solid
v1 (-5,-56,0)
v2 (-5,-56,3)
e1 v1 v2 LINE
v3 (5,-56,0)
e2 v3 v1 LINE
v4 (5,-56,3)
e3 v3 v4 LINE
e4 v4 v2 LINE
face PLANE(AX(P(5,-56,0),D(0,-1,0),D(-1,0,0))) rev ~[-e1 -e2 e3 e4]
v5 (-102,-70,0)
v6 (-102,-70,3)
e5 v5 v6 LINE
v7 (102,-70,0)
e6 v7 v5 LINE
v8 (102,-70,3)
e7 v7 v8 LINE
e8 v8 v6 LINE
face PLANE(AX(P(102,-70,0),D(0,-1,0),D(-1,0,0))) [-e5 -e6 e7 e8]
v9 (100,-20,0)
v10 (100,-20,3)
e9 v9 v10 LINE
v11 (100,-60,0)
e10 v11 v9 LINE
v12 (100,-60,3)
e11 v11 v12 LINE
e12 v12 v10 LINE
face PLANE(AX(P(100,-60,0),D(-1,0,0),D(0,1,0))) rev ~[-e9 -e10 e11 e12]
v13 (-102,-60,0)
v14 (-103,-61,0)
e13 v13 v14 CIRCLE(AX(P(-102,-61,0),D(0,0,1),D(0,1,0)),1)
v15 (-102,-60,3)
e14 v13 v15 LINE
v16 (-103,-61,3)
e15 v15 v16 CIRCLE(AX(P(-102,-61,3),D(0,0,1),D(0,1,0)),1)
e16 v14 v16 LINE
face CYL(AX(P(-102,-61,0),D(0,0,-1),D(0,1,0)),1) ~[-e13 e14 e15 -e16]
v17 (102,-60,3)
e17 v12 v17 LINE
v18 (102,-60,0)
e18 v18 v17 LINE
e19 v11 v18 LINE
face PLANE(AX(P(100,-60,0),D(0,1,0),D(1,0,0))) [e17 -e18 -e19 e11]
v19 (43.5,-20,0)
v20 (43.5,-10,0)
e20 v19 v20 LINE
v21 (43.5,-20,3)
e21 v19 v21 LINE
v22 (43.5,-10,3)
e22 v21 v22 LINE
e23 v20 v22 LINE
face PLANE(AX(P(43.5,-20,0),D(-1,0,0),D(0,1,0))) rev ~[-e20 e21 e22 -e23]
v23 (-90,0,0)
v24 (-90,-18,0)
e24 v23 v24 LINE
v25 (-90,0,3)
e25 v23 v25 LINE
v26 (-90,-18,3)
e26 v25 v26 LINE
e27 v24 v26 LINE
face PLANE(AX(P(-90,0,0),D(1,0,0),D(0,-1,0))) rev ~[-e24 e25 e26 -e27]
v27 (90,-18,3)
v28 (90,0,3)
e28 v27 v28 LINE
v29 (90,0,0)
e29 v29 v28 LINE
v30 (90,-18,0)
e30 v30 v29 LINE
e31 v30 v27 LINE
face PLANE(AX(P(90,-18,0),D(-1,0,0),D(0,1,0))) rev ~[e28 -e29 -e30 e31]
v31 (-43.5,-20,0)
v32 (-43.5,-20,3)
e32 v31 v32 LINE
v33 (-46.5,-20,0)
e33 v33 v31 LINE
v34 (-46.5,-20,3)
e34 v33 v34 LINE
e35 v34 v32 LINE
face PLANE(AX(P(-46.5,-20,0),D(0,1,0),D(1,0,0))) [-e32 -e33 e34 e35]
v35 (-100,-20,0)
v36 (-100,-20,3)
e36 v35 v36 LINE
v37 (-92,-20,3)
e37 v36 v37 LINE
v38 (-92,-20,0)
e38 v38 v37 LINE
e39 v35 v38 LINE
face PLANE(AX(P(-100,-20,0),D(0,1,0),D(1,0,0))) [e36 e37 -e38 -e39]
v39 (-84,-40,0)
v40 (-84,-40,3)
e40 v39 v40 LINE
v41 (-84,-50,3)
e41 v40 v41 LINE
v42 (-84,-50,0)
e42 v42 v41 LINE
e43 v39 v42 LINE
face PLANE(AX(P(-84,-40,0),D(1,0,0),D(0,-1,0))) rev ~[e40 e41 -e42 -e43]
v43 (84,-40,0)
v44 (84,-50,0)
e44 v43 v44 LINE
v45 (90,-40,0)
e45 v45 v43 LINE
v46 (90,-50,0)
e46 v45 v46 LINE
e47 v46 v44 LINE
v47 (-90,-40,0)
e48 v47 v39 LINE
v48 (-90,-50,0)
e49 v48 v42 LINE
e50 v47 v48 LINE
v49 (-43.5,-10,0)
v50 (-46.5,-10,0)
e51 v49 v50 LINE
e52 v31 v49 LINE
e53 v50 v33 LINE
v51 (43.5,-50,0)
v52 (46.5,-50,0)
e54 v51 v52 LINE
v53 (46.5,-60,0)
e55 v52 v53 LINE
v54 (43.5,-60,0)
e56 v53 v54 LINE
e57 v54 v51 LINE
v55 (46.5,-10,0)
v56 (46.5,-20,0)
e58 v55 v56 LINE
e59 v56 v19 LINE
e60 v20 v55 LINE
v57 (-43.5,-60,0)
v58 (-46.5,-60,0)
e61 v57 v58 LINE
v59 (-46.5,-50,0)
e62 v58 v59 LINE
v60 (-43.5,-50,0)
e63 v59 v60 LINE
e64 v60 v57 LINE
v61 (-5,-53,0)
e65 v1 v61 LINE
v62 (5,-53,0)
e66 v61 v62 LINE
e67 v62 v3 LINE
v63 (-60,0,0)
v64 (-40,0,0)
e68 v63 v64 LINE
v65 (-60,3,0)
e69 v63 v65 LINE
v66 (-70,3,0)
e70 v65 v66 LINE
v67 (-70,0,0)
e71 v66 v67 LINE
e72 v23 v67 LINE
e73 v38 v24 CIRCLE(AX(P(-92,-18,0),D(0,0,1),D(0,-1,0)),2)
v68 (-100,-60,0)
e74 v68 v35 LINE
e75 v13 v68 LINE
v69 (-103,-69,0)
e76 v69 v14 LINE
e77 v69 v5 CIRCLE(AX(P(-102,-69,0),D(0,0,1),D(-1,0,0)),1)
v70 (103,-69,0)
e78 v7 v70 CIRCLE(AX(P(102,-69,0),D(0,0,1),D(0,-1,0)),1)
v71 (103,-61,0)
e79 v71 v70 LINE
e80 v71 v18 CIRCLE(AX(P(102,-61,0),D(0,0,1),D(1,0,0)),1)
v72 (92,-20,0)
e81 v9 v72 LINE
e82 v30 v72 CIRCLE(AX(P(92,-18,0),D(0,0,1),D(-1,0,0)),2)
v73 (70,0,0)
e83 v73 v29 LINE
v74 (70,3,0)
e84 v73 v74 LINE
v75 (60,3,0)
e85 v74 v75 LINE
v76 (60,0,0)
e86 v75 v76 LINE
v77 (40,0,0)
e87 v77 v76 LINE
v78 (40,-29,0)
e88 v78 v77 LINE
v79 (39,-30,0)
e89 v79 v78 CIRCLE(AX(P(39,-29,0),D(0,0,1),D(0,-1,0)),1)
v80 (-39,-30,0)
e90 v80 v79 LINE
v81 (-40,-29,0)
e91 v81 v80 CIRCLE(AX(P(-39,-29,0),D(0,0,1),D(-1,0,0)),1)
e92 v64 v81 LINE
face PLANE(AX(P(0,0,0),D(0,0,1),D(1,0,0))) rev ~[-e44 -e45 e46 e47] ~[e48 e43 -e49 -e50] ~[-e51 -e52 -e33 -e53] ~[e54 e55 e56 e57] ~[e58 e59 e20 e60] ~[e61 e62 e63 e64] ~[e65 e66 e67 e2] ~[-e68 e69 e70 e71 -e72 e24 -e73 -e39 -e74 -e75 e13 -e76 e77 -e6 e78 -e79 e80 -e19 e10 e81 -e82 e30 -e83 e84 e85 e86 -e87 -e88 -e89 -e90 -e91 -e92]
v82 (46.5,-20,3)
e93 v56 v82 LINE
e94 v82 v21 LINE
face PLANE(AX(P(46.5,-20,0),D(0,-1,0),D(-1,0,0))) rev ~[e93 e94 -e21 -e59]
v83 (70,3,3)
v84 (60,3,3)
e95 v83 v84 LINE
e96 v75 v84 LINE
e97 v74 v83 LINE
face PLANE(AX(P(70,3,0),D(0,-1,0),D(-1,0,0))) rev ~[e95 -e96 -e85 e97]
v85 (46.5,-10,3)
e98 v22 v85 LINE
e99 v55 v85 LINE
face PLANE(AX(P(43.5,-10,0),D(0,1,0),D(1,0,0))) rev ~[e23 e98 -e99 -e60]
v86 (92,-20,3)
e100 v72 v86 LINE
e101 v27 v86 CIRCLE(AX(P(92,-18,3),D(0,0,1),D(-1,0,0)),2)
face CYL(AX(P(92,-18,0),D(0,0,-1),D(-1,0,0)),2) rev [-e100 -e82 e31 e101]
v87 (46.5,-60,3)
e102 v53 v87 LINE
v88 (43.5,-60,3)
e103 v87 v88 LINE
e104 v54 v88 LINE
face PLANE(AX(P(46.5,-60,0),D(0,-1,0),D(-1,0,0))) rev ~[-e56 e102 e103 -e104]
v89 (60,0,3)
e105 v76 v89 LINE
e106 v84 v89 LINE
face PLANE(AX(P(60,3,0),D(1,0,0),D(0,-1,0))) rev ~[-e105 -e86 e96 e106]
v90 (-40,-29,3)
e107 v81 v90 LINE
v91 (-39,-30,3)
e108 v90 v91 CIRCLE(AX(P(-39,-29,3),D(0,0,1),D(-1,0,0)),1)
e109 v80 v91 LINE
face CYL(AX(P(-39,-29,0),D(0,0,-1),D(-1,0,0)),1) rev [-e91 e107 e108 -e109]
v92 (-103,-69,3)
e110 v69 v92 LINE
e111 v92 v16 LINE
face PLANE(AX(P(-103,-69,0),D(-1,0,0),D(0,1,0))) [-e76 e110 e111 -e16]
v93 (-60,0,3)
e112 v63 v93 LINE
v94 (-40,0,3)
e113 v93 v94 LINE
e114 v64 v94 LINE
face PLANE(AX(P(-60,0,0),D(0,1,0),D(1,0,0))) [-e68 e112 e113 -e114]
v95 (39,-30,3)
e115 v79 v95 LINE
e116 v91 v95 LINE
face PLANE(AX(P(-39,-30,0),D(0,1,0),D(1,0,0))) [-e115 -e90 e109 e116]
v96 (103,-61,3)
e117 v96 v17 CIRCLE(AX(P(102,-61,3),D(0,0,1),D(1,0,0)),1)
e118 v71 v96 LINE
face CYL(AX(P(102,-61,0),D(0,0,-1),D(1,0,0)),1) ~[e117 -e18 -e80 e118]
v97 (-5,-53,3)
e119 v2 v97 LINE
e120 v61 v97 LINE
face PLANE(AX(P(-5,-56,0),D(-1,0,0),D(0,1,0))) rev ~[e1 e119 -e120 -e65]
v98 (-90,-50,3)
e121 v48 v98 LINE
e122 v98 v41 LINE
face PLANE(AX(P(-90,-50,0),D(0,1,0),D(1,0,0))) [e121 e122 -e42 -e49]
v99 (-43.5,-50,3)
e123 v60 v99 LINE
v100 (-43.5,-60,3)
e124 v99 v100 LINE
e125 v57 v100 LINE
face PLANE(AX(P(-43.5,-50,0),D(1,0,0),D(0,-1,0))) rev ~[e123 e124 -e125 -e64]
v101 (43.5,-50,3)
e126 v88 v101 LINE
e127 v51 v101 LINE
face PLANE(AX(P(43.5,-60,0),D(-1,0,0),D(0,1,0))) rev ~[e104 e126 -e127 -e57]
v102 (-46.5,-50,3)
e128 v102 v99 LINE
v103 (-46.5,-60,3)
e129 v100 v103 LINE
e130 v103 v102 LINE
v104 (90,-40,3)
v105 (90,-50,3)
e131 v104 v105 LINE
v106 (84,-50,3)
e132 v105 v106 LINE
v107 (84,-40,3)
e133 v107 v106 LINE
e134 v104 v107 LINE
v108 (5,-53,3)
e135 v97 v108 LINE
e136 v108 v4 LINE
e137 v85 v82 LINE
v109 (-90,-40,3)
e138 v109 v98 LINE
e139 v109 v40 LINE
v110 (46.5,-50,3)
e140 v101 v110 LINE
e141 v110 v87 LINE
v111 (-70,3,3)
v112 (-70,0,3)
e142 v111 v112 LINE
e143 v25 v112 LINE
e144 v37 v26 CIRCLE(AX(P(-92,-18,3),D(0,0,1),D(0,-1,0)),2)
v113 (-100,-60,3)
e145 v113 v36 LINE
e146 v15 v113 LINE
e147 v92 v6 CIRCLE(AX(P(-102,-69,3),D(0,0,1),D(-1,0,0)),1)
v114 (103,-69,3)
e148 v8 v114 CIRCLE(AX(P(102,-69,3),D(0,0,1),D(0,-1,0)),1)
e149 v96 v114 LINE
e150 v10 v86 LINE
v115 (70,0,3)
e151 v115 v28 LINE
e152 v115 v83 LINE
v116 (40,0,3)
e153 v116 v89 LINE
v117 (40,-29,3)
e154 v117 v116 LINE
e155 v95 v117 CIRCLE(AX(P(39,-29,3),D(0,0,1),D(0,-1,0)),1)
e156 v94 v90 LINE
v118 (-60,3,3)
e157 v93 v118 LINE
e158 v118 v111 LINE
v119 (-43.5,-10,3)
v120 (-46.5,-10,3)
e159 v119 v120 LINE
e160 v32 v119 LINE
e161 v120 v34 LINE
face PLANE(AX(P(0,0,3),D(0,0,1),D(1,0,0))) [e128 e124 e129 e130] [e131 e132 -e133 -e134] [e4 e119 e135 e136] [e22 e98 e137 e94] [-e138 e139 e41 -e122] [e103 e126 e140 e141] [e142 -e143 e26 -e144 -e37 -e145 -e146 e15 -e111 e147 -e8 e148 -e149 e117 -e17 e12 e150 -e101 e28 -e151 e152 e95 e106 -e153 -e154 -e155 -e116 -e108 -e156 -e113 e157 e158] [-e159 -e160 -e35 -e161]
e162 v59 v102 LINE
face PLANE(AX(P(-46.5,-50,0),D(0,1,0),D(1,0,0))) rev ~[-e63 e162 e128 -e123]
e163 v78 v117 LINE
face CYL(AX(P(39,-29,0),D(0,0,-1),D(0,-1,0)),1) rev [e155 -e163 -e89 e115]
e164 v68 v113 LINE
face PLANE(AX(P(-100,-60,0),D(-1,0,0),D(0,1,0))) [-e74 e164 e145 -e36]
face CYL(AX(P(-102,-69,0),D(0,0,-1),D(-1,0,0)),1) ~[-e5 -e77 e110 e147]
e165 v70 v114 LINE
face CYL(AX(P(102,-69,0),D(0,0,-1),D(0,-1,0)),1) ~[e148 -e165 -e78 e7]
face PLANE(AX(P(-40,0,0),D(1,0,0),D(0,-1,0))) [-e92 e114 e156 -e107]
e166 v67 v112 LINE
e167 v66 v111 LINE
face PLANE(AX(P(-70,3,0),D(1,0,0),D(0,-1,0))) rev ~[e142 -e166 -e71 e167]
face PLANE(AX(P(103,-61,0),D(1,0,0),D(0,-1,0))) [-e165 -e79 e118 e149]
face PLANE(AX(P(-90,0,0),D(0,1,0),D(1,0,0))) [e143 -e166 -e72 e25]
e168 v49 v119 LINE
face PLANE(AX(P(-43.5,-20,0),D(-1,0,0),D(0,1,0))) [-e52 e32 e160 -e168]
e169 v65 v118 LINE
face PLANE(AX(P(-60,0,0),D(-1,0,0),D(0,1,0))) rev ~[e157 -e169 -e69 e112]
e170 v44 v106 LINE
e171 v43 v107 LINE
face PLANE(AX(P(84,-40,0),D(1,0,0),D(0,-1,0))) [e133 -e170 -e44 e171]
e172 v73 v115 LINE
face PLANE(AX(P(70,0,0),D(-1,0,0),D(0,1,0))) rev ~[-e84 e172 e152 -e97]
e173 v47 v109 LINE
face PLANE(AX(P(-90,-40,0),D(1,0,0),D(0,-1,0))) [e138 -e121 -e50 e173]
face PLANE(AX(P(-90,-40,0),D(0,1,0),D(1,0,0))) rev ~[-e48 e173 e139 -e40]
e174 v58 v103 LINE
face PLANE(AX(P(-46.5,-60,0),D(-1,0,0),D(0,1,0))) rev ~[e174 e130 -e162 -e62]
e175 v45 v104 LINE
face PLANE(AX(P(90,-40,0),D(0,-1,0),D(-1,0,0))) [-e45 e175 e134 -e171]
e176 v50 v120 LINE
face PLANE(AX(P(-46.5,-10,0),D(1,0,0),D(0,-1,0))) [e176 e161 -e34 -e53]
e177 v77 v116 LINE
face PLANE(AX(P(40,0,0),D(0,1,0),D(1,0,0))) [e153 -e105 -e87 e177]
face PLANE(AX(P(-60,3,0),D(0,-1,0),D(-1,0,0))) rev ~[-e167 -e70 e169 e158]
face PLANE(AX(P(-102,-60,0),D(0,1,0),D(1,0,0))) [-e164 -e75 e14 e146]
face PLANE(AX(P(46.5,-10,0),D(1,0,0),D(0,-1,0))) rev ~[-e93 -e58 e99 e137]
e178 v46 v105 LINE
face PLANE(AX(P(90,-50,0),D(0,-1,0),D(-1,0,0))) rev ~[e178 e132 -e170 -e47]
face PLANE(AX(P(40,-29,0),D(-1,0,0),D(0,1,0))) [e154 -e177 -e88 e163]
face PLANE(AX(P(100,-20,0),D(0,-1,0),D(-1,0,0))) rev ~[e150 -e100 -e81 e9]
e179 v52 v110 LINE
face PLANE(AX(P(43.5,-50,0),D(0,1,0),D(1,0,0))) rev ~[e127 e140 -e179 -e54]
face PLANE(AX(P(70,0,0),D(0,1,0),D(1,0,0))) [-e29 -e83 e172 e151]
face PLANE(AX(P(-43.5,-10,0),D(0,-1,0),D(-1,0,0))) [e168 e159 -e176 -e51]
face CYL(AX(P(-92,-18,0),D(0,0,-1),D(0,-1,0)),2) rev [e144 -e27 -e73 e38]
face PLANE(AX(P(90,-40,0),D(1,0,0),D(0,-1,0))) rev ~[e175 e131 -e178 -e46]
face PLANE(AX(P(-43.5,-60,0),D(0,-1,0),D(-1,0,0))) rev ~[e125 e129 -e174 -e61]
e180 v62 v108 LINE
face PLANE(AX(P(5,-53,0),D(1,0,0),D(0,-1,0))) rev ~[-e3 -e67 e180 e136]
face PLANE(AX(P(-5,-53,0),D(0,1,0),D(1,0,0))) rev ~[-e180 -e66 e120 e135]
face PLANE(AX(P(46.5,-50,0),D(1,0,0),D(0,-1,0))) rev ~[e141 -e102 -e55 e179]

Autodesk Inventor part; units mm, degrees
ref_plane "YZ Plane" through (0, 0, 0) normal (1, 0, 0) x (0, 1, 0)
ref_plane "XZ Plane" through (0, 0, 0) normal (0, 1, 0) x (-1, 0, 0)
ref_plane "XY Plane" through (0, 0, 0) normal (0, 0, 1) x (1, 0, 0)
sketch "Sketch1" plane through (0, 0, 0) normal (0, 0, 1) x (1, 0, 0)
  line L0 (-40, 0) -> (-40, -29)
  line L1 (-39, -30) -> (39, -30)
  line L2 (40, -29) -> (40, 0)
  line L3 (100, -60) -> (102, -60)
  line L4 (103, -61) -> (103, -69)
  line L5 (102, -70) -> (-102, -70)
  line L6 (-103, -69) -> (-103, -61)
  line L7 (-102, -60) -> (-100, -60)
  line L8 (-60, 0) -> (-60, 3)
  line L9 (-60, 3) -> (-70, 3)
  line L10 (-70, 3) -> (-70, 0)
  line L11 (-90, 0) -> (-70, 0)
  line L12 (-60, 0) -> (-40, 0)
  line L13 (70, 0) -> (70, 3)
  line L14 (70, 3) -> (60, 3)
  line L15 (60, 3) -> (60, 0)
  line L16 (40, 0) -> (60, 0)
  line L17 (70, 0) -> (90, 0)
  arc A0 (-103, -69) -> (-102, -70) centre (-102, -69) ccw
  arc A1 (102, -70) -> (103, -69) centre (102, -69) ccw
  arc A2 (39, -30) -> (40, -29) centre (39, -29) ccw
  arc A3 (-40, -29) -> (-39, -30) centre (-39, -29) ccw
  line L18 (-90, -40) -> (-84, -40)
  line L19 (-84, -40) -> (-84, -50)
  line L20 (90, -40) -> (84, -40)
  line L21 (84, -40) -> (84, -50)
  line L22 (-43.5, -10) -> (-46.5, -10)
  line L23 (-46.5, -10) -> (-46.5, -20)
  line L24 (-46.5, -20) -> (-43.5, -20)
  line L25 (-43.5, -20) -> (-43.5, -10)
  line L26 (43.5, -10) -> (46.5, -10)
  line L27 (46.5, -10) -> (46.5, -20)
  line L28 (46.5, -20) -> (43.5, -20)
  line L29 (43.5, -20) -> (43.5, -10)
  line L30 (-46.5, -50) -> (-43.5, -50)
  line L31 (-43.5, -50) -> (-43.5, -60)
  line L32 (-43.5, -60) -> (-46.5, -60)
  line L33 (-46.5, -60) -> (-46.5, -50)
  line L34 (43.5, -50) -> (46.5, -50)
  line L35 (46.5, -50) -> (46.5, -60)
  line L36 (46.5, -60) -> (43.5, -60)
  line L37 (43.5, -60) -> (43.5, -50)
  line L38 (-5, -53) -> (5, -53)
  line L39 (5, -53) -> (5, -56)
  line L40 (5, -56) -> (-5, -56)
  line L41 (-5, -56) -> (-5, -53)
  line L42 (-100, -60) -> (-100, -20)
  line L43 (-100, -20) -> (-92, -20)
  line L44 (-90, -40) -> (-90, -50)
  line L45 (90, -40) -> (90, -50)
  line L46 (90, -50) -> (84, -50)
  line L47 (100, -60) -> (100, -20)
  line L48 (100, -20) -> (92, -20)
  line L49 (90, -18) -> (90, 0)
  line L50 (-90, 0) -> (-90, -18)
  arc A4 (-92, -20) -> (-90, -18) centre (-92, -18) ccw
  arc A5 (90, -18) -> (92, -20) centre (92, -18) ccw
  line L51 (-90, -50) -> (-84, -50)
  arc A6 (-102, -60) -> (-103, -61) centre (-102, -61) ccw
  arc A7 (103, -61) -> (102, -60) centre (102, -61) ccw
  point P0 (0, 0)
  point P1 (-40, -30)
  point P2 (40, -30)
  point P3 (103, -60)
  point P4 (103, -70)
  point P5 (-103, -70)
  point P6 (-103, -60)
  point P7 (-90, -20)
  point P8 (90, -20)
  dimension "d0" = 80
  dimension "d1" = 30
  dimension "d2" = 50
  dimension "d5" = 10
  dimension "d7" = 10
  dimension "d10" = 50
  dimension "d13" = 3
  dimension "d14" = 3
  dimension "d15" = 3
  dimension "d16" = 10
  dimension "d18" = 10
  dimension "d20" = 3
  dimension "d21" = 40
  dimension "d22" = 206
  dimension "d23" = 30
  dimension "d24" = 40
  dimension "d27" = 1
  dimension "d28" = 10
  dimension "d29" = 6
  dimension "d31" = 40
  dimension "d32" = 10
  dimension "d33" = 6
  dimension "d35" = 40
  dimension "d39" = 10
  dimension "d40" = 3
  dimension "d41" = 10
  dimension "d42" = 3
  dimension "d44" = 10
  dimension "d45" = 10
  dimension "d50" = 3
  dimension "d51" = 10
  dimension "d52" = 10
  dimension "d54" = 3
  dimension "d55" = 10
  dimension "d56" = 10
  dimension "d60" = 10
  dimension "d61" = 3
  dimension "d62" = 17
  dimension "d66" = 40
  dimension "d67" = 40
  dimension "d71" = 3.5
  dimension "d72" = 3.5
  dimension "d73" = 3.5
  dimension "d74" = 3.5
  dimension "d77" = 20
  dimension "d78" = 20
  dimension "d79" = 10
  dimension "d80" = 10
  dimension "d81" = 2
  dimension "d82" = 10
  dimension "d84" = 50
  dimension "d85" = 20
  dimension "d86" = 20
  dimension "d87" = 60
  dimension "d88" = 5
  dimension "d91" = 1
extrude "Extrusion7" add sketch "Sketch1" along normal blind 3
properties part number "OpenROV 2_3 Dev Bulkhead"
